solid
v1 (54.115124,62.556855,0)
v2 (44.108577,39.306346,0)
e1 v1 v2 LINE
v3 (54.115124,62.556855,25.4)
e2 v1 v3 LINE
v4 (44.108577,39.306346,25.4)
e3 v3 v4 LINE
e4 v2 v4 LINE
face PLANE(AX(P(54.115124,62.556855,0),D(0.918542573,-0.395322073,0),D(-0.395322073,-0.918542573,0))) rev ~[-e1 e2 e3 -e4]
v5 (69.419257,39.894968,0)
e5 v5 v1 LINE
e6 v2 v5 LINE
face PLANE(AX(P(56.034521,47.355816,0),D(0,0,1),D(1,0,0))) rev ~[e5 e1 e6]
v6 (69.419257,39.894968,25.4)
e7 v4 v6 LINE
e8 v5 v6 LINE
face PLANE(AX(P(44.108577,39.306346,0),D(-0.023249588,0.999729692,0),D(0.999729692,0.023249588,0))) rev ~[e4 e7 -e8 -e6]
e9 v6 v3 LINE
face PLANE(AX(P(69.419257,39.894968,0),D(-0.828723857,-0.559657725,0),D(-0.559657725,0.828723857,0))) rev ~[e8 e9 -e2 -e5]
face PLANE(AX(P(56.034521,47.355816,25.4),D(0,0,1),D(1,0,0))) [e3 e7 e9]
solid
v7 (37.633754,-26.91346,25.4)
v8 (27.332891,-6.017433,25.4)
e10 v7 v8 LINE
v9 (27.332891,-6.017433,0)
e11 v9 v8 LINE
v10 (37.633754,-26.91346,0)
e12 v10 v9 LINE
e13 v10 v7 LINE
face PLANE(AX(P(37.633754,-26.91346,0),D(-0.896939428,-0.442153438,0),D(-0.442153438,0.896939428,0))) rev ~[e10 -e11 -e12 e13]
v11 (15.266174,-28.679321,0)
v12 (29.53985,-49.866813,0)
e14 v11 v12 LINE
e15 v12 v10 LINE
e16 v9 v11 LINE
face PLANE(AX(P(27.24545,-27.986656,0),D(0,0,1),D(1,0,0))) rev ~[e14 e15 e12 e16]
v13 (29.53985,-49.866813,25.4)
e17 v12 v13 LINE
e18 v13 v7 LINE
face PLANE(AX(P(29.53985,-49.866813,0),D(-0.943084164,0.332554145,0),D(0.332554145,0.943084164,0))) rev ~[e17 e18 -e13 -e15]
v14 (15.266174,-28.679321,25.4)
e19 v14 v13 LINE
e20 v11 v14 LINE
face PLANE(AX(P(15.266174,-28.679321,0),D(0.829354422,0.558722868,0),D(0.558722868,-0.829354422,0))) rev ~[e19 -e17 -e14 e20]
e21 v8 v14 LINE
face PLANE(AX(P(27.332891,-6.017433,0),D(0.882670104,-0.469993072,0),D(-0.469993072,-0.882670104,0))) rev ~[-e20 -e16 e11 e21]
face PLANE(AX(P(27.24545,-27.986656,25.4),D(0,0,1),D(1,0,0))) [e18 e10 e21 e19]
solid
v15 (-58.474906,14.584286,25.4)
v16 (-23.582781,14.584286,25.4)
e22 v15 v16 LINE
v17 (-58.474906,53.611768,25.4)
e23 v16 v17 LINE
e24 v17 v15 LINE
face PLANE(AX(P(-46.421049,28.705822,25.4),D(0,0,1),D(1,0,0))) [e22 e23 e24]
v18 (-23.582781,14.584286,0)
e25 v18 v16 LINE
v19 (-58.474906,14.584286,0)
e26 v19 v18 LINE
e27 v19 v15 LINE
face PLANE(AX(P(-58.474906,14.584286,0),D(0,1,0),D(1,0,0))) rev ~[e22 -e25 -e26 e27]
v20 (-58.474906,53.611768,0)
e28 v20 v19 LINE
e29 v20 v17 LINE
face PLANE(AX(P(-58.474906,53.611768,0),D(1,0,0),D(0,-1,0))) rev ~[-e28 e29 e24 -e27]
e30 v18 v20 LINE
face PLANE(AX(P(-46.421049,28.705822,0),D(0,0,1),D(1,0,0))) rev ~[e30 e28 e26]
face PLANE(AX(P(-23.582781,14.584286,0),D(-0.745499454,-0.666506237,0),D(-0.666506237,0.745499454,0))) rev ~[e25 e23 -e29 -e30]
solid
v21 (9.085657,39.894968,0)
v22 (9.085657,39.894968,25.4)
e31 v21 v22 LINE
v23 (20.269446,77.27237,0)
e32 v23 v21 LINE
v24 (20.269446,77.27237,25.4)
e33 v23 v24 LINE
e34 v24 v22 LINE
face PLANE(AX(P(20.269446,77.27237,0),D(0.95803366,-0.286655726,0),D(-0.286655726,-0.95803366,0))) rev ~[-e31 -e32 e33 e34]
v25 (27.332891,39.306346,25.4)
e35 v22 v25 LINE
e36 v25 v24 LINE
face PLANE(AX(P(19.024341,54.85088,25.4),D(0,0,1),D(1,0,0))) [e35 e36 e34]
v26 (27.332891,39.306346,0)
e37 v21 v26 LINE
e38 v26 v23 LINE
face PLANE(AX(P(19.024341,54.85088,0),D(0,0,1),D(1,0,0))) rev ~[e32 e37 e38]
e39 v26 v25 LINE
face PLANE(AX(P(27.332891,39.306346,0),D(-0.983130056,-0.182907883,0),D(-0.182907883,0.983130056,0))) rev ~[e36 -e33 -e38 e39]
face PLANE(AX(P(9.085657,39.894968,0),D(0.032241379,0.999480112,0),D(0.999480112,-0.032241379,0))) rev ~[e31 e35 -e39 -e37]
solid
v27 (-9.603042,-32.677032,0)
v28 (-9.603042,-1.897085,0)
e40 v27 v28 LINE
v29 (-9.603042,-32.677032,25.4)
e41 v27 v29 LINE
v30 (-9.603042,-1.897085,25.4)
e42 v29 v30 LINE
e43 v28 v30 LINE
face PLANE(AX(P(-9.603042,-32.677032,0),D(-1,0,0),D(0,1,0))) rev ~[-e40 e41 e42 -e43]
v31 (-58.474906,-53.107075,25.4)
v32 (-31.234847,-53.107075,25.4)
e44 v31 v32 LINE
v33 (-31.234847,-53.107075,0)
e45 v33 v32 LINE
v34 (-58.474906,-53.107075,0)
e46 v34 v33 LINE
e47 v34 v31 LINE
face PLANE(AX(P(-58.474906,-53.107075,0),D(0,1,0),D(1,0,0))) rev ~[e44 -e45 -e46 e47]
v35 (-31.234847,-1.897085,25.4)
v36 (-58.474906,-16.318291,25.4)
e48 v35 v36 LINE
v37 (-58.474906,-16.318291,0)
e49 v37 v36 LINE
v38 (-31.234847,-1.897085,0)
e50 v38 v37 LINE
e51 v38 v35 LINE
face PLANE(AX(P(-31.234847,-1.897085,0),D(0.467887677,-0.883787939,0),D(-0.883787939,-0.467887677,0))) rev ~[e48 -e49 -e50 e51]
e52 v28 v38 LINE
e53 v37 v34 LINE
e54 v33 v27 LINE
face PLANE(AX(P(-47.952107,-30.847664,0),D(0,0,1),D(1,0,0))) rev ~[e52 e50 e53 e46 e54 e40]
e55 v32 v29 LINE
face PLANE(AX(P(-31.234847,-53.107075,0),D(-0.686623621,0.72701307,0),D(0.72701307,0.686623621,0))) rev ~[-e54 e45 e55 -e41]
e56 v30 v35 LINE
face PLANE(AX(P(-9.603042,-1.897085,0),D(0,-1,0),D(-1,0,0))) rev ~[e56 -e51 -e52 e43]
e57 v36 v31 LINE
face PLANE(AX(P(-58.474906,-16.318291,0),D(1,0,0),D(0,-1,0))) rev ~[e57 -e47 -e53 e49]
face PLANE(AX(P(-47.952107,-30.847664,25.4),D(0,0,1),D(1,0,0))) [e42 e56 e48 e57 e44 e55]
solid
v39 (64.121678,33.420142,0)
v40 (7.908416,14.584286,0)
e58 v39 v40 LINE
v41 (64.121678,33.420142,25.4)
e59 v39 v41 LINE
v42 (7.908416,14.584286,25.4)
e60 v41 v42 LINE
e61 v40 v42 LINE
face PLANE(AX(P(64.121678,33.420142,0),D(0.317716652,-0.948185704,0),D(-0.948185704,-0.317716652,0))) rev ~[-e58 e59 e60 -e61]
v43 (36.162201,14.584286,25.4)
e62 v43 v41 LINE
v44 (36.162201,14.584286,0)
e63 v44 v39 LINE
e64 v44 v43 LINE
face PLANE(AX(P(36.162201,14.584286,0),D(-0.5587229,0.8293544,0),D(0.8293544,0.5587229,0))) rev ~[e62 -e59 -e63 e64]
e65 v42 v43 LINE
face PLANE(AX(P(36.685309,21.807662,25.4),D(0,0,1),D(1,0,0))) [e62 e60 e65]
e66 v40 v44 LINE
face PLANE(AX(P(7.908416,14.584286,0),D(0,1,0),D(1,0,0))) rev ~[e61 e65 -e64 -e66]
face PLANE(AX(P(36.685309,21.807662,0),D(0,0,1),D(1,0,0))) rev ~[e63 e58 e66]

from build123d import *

# Parameters (mm, degrees)
F1_DEPTH = 25.4


with BuildPart() as f1:
    # F0 (on Top) → F1 (new body)
    with BuildSketch(Plane.XY):
        Polygon((-23.582781, 14.584286), (-58.474906, 53.611768), (-58.474906, 14.584286), align=None)
        Polygon((64.121678, 33.420142), (7.908416, 14.584286), (36.162201, 14.584286), align=None)
        Polygon((-31.234847, -16.318291), (-58.474906, -16.318291), (-58.474906, -53.107075), (-31.234847, -27.50208), align=None)
        Polygon((-31.234847, -1.897085), (-58.474906, -16.318291), (-31.234847, -16.318291), align=None)
        Polygon((-31.234847, -27.50208), (-58.474906, -53.107075), (-31.234847, -53.107075), align=None)
        Polygon((-9.603042, -1.897085), (-31.234847, -16.318291), (-31.234847, -27.50208), (-9.603042, -32.677032), align=None)
        Polygon((-31.234847, -1.897085), (-31.234847, -16.318291), (-9.603042, -1.897085), align=None)
        Polygon((-31.234847, -27.50208), (-31.234847, -53.107075), (-9.603042, -32.677032), align=None)
        Polygon((20.269446, 77.27237), (9.085657, 39.894968), (27.332891, 39.306346), align=None)
        Polygon((44.108577, 39.306346), (69.419257, 39.894968), (54.115124, 62.556855), align=None)
        Polygon((37.633754, -26.91346), (27.332891, -6.017433), (15.266174, -28.679321), (29.53985, -49.866813), align=None)
    extrude(amount=F1_DEPTH)


solid = f1.part
